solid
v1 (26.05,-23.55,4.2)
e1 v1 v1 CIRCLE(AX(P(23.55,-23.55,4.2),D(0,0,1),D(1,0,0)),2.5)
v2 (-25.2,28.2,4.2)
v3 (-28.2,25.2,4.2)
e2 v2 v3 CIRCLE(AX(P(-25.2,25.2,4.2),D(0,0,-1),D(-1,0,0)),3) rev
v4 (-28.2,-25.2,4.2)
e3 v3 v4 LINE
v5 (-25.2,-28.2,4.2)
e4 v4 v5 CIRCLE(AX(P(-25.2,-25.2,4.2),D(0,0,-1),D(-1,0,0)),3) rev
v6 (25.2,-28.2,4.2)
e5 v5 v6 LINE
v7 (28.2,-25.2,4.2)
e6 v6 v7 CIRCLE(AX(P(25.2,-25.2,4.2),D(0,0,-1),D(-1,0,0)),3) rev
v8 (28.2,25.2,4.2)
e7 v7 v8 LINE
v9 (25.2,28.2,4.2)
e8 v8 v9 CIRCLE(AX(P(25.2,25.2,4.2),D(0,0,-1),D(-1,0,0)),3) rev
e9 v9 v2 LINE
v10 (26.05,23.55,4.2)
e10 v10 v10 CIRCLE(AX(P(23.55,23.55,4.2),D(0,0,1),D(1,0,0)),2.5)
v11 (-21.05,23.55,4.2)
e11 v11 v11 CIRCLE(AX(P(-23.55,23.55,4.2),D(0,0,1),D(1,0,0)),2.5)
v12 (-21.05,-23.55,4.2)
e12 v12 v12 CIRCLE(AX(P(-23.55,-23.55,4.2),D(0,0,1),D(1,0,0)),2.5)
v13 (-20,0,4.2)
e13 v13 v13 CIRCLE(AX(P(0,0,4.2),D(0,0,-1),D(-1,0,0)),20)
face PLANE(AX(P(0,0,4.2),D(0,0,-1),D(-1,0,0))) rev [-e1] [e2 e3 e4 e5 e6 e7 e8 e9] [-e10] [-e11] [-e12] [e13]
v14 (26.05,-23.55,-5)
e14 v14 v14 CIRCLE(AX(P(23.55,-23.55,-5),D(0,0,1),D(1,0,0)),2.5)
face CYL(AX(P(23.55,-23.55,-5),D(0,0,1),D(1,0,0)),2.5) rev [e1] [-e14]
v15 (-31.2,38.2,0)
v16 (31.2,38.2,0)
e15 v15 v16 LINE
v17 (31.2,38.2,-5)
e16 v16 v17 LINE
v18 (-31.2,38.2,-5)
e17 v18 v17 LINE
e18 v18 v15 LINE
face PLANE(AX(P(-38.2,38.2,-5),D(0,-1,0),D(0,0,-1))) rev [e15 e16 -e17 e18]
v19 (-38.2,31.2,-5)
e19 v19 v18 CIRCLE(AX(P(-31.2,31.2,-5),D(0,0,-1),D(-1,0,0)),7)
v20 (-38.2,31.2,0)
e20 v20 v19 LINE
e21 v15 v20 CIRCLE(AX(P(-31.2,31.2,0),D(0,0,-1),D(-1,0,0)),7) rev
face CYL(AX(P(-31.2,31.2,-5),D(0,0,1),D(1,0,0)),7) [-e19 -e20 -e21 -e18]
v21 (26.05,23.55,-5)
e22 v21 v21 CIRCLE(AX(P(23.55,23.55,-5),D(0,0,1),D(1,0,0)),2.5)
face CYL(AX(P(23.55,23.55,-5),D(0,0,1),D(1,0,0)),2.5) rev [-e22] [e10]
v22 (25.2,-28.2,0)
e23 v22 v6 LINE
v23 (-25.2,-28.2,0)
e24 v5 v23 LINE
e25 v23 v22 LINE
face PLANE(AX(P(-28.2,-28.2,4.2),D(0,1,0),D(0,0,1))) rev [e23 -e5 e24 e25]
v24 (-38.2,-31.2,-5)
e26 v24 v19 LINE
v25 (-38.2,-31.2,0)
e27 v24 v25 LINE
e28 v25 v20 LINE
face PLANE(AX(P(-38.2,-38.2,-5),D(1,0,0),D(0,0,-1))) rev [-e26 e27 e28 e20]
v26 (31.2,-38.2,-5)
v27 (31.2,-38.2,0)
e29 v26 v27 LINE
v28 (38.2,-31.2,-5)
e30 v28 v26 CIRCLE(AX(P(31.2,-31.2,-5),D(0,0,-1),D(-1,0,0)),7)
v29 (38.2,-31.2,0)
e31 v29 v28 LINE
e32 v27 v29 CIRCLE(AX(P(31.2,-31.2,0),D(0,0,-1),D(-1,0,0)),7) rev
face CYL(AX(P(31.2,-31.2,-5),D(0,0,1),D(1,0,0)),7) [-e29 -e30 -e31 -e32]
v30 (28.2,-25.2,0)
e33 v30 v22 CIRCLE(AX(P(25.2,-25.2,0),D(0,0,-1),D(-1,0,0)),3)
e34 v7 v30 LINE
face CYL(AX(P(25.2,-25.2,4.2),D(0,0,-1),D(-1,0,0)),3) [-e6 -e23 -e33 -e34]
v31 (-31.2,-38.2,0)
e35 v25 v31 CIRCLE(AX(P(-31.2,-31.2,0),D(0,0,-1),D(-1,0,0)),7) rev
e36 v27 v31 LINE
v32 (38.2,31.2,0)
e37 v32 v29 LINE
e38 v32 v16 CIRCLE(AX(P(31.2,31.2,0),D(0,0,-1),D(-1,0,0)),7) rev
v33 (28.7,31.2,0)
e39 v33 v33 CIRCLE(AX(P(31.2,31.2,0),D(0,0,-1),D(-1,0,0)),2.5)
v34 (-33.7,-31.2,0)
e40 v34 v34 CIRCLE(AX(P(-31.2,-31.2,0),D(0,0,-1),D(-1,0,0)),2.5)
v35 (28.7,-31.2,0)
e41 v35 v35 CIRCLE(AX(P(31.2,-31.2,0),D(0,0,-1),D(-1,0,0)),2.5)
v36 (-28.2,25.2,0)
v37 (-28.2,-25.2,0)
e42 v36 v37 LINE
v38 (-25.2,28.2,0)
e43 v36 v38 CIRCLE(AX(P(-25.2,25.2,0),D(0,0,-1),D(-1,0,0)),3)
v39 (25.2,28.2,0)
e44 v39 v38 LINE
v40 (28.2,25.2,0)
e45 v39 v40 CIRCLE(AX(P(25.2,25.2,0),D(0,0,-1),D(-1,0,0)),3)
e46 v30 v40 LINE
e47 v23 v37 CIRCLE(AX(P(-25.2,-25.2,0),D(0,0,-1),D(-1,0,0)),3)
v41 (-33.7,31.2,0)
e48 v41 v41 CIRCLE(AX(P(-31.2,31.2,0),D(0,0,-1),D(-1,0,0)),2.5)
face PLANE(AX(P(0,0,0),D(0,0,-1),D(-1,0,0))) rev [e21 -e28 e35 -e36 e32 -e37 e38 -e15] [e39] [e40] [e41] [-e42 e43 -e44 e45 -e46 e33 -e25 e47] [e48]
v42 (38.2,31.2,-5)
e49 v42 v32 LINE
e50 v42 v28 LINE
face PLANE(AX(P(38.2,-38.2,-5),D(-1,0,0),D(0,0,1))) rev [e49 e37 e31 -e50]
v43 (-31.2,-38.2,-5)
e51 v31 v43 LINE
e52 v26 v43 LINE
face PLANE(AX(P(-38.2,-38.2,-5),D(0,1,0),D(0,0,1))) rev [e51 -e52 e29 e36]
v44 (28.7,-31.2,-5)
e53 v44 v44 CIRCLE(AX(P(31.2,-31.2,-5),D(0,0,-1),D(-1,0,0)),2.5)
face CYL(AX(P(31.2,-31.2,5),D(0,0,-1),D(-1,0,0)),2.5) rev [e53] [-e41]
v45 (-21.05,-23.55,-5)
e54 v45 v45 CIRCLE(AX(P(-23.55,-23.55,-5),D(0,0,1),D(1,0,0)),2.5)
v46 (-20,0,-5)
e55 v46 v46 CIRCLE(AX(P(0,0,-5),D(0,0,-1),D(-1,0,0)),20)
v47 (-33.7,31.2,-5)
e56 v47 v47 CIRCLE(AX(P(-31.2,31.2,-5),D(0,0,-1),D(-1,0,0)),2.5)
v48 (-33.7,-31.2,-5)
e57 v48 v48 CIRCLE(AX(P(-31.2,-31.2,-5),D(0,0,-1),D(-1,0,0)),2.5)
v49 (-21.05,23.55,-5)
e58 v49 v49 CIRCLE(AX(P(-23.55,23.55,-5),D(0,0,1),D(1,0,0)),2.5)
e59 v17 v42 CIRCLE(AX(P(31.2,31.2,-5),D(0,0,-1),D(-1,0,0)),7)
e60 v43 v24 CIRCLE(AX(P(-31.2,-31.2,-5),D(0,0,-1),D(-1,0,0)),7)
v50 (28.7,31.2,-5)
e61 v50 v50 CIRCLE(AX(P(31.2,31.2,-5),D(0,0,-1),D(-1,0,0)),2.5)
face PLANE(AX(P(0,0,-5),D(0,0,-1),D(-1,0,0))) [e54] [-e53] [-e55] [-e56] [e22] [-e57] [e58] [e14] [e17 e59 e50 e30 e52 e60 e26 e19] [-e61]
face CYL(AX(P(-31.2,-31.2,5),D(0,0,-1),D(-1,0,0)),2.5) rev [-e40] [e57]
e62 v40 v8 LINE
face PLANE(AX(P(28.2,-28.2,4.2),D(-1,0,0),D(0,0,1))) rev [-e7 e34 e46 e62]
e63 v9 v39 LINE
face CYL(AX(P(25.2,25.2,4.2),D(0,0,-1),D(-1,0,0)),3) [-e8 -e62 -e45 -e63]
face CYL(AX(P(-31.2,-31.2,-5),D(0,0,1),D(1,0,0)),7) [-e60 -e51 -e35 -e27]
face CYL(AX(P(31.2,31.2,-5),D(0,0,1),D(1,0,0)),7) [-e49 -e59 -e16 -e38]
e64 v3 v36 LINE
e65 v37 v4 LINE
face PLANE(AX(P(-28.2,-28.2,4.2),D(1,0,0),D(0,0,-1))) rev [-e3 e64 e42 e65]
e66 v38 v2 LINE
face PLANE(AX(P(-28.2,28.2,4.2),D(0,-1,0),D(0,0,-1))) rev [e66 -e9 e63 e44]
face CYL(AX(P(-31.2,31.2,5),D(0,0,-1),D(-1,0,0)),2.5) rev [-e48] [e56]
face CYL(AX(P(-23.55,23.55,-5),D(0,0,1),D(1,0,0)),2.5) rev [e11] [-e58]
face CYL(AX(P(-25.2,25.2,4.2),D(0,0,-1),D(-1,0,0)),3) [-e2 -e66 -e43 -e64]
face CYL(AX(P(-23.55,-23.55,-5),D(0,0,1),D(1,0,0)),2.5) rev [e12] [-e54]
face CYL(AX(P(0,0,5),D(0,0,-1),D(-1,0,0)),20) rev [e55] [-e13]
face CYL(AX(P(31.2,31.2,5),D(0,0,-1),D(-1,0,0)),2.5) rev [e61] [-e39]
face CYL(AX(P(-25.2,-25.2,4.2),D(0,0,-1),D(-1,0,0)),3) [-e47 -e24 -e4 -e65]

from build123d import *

# Parameters (mm, degrees)
SKETCH1_W               = 56.4
SKETCH1_H               = 56.4
BOSS_EXTRUDE1_DEPTH     = 4.2
SKETCH2_R               = 19.15
CUT_EXTRUDE1_DEPTH      = 1.6
SKETCH4_W               = 76.4
SKETCH4_H               = 76.4
BOSS_EXTRUDE2_DEPTH     = 5
SKETCH3_R               = 10
SKETCH3_R_2             = 2.5
CUT_EXTRUDE2_DEPTH      = 2.6
CUT_EXTRUDE2_DEPTH_BACK = 8.6
FILLET1_R               = 7
FILLET2_R               = 3
SKETCH5_R               = 2.5
CUT_EXTRUDE4_DEPTH      = 10
SKETCH6_R               = 20
CUT_EXTRUDE5_DEPTH      = 10


with BuildPart() as part:
    # Sketch1 → Boss-Extrude1 (new body)
    with BuildSketch(Plane.XY):
        Rectangle(SKETCH1_W, SKETCH1_H)
    extrude(amount=BOSS_EXTRUDE1_DEPTH)

    # Sketch2 → Cut-Extrude1 (cut)
    with BuildSketch(Plane.XY.offset(4.2)):
        Circle(SKETCH2_R)
    extrude(amount=-CUT_EXTRUDE1_DEPTH, mode=Mode.SUBTRACT)

    # Sketch4 → Boss-Extrude2 (add)
    with BuildSketch(Plane(origin=(0, 0, 0), x_dir=(-1, 0, 0), z_dir=(0, 0, -1))):
        Rectangle(SKETCH4_W, SKETCH4_H)
    extrude(amount=BOSS_EXTRUDE2_DEPTH)

    # Sketch3 → Cut-Extrude2 (cut, two sides)
    with BuildSketch(Plane.XY.offset(2.6)) as cut_extrude2_sk:
        Circle(SKETCH3_R)
        with Locations((23.55, -23.55)):
            Circle(SKETCH3_R_2)
        with Locations((-23.55, -23.55)):
            Circle(SKETCH3_R_2)
        with Locations((-23.55, 23.55)):
            Circle(SKETCH3_R_2)
        with Locations((23.55, 23.55)):
            Circle(SKETCH3_R_2)
    extrude(amount=CUT_EXTRUDE2_DEPTH, mode=Mode.SUBTRACT)
    extrude(cut_extrude2_sk.sketch, amount=-CUT_EXTRUDE2_DEPTH_BACK, mode=Mode.SUBTRACT)

    # Fillet1
    fillet1_edges = [part.edges().sort_by_distance(p)[0] for p in [
        (38.2, 38.2, -2.5),
        (38.2, -38.2, -2.5),
        (-38.2, -38.2, -2.5),
        (-38.2, 38.2, -2.5),
    ]]
    fillet(fillet1_edges, radius=FILLET1_R)

    # Fillet2
    fillet2_edges = [part.edges().sort_by_distance(p)[0] for p in [
        (28.2, -28.2, 2.1),
        (-28.2, -28.2, 2.1),
        (-28.2, 28.2, 2.1),
        (28.2, 28.2, 2.1),
    ]]
    fillet(fillet2_edges, radius=FILLET2_R)

    # Sketch5 → Cut-Extrude4 (cut)
    with BuildSketch(Plane(origin=(0, 0, -5), x_dir=(-1, 0, 0), z_dir=(0, 0, -1))):
        with Locations((-31.2, -31.2)):
            Circle(SKETCH5_R)
        with Locations((-31.2, 31.2)):
            Circle(SKETCH5_R)
        with Locations((31.2, 31.2)):
            Circle(SKETCH5_R)
        with Locations((31.2, -31.2)):
            Circle(SKETCH5_R)
    extrude(amount=-CUT_EXTRUDE4_DEPTH, mode=Mode.SUBTRACT)

    # Sketch6 → Cut-Extrude5 (cut)
    with BuildSketch(Plane(origin=(0, 0, -5), x_dir=(-1, 0, 0), z_dir=(0, 0, -1))):
        Circle(SKETCH6_R)
    extrude(amount=-CUT_EXTRUDE5_DEPTH, mode=Mode.SUBTRACT)


solid = part.part
